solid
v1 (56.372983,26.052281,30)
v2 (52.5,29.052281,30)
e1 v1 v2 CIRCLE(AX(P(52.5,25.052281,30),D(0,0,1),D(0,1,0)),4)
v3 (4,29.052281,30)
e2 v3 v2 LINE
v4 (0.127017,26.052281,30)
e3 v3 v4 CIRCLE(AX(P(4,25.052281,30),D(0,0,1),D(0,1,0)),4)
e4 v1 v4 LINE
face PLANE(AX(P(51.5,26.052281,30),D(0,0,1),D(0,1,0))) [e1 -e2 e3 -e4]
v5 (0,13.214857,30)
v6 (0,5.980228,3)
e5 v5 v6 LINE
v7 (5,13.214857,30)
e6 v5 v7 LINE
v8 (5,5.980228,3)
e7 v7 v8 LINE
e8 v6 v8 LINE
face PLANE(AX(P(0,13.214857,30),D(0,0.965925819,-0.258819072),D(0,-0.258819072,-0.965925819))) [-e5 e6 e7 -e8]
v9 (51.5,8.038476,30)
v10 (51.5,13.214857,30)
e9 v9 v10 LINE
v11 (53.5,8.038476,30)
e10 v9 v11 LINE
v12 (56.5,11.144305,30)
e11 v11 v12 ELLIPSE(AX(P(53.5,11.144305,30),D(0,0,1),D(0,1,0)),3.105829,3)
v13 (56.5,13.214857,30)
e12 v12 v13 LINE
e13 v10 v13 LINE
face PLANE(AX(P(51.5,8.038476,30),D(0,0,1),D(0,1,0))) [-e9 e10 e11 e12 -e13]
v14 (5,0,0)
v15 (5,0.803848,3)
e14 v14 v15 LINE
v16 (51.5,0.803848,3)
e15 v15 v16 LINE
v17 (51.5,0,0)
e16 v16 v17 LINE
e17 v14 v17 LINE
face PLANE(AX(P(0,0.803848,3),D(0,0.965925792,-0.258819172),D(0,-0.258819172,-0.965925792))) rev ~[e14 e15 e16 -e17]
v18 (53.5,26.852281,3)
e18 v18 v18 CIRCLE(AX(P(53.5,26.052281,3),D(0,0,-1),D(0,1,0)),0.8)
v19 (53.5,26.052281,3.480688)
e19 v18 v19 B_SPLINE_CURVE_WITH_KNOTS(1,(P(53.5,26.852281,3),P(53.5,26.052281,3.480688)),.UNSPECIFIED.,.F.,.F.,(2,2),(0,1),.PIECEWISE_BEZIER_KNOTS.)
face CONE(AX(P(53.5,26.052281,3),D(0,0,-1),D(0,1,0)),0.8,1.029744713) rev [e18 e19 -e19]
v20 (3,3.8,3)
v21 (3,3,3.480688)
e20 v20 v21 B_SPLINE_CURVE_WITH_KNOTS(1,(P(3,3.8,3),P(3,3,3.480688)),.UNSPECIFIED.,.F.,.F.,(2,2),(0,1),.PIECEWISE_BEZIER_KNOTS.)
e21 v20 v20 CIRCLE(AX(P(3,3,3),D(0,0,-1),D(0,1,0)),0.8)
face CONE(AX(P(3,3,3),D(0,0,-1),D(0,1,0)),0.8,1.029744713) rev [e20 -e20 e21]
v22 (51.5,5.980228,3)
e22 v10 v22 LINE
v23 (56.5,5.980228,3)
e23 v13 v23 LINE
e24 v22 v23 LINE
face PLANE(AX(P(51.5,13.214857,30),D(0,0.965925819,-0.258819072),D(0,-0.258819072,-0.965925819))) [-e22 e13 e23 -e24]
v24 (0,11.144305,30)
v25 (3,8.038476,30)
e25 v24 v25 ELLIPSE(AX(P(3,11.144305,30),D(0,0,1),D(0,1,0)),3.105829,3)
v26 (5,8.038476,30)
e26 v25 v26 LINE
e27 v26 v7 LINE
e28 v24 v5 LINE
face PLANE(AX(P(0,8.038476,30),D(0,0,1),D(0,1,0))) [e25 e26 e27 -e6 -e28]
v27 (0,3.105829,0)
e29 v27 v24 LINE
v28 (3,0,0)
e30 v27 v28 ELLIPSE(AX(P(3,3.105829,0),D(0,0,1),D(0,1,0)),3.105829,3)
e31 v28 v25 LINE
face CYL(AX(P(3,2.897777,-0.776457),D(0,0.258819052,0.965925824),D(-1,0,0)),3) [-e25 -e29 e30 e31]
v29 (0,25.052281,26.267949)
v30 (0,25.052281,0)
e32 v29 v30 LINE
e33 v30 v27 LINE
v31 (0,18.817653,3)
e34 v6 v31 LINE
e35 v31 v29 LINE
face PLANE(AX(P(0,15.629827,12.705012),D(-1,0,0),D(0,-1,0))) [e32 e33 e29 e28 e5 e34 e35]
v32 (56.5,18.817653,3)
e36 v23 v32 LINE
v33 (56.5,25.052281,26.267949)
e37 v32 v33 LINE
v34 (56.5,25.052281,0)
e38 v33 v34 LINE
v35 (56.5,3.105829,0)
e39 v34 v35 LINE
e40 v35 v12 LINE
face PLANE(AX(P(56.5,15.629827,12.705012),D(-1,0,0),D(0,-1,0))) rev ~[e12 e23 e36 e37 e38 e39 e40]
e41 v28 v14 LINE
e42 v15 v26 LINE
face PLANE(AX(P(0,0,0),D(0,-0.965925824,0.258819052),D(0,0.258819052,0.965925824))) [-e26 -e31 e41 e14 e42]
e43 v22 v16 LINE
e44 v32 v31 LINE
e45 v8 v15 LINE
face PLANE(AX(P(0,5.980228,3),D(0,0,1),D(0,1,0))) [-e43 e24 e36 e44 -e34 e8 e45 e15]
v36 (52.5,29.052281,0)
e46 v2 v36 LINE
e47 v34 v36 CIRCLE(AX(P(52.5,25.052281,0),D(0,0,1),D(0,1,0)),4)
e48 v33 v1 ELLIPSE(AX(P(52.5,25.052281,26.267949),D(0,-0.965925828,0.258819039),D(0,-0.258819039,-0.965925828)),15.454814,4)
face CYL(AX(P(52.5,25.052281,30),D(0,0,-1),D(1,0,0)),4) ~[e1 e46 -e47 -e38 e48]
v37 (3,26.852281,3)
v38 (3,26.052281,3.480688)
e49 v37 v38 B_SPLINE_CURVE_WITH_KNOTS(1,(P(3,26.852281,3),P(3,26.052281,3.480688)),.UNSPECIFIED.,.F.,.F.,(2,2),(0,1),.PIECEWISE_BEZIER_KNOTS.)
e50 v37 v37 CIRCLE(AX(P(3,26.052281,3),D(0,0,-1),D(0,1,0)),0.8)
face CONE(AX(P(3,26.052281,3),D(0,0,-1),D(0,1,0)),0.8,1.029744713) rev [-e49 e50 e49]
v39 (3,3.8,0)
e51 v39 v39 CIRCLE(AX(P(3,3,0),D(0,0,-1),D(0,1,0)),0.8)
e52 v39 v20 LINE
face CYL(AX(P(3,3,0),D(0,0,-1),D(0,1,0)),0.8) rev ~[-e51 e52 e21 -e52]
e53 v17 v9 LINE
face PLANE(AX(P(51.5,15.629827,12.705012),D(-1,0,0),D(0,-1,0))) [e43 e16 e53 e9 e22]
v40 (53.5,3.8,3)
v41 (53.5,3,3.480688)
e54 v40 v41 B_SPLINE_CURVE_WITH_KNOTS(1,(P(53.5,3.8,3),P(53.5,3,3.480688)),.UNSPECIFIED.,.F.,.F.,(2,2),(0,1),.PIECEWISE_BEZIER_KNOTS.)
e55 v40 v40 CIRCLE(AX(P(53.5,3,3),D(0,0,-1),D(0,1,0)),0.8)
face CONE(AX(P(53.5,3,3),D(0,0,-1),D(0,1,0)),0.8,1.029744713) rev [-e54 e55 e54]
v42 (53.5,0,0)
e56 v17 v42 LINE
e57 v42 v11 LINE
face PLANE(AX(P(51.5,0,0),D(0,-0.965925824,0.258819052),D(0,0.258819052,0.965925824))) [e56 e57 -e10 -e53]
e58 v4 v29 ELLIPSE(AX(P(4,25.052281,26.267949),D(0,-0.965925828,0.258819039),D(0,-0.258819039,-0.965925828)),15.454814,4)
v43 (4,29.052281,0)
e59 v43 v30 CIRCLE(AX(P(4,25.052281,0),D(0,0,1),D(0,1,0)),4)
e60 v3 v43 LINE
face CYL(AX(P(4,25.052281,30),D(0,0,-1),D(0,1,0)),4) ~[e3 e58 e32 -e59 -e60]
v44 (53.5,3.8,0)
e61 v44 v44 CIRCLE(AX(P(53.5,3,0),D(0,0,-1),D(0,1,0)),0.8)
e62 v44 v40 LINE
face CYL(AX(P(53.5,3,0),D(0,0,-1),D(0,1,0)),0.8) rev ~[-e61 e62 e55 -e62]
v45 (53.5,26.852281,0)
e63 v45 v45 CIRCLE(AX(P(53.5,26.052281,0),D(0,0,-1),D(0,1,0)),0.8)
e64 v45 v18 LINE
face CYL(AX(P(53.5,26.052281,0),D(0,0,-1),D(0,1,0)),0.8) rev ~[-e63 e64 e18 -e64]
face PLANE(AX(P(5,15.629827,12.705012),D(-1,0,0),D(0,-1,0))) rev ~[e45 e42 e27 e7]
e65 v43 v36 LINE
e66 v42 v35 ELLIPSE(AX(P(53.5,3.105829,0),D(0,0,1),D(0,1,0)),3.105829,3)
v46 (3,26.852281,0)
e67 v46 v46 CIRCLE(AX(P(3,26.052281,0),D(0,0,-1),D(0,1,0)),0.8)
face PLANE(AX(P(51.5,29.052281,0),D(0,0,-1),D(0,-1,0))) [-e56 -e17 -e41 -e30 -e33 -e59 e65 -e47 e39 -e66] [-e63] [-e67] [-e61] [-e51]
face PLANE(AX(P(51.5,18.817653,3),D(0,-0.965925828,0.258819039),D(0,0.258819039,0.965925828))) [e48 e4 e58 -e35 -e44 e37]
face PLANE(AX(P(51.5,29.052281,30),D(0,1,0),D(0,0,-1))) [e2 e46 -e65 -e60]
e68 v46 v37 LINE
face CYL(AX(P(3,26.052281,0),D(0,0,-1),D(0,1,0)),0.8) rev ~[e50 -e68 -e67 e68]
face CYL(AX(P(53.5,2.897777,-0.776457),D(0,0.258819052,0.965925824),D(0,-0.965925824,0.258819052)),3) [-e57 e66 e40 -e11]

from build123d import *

# Parameters (mm, degrees)
PAD_DEPTH    = 5
PAD001_DEPTH = 51.5
PAD002_DEPTH = 5
FILLET_R     = 3
FILLET001_R  = 4
SKETCH003_R  = 0.8
HOLE_DEPTH   = 3
HOLE_TIPS_R  = 0.8


with BuildPart() as part:
    # Sketch → Pad (new body)
    with BuildSketch(Plane.YZ):
        Polygon((0, 0), (8.038476, 30), (13.214857, 30), (5.980228, 3), (18.817653, 3), (26.052281, 30), (29.052281, 30), (29.052281, 0), align=None)
    extrude(amount=PAD_DEPTH)

    # Sketch001 → Pad001 (join)
    with BuildSketch(Plane.YZ):
        Polygon((0, 0), (29.052281, 0), (29.052281, 30), (26.052281, 30), (18.817653, 3), (0.803848, 3), align=None)
    extrude(amount=PAD001_DEPTH)

    # Sketch002 (on Face14 of Pad001) → Pad002 (join)
    with BuildSketch(Plane.YZ.offset(51.5)):
        Polygon((0, 0), (8.038476, 30), (13.214857, 30), (5.980228, 3), (18.817653, 3), (26.052281, 30), (29.052281, 30), (29.052281, 0), align=None)
    extrude(amount=PAD002_DEPTH)

    # Fillet
    fillet_edges = [part.edges().sort_by_distance(p)[0] for p in [
        (0, 4.421162, 16.5),
        (0, 0.401924, 1.5),
        (56.5, 4.019238, 15),
    ]]
    fillet(fillet_edges, radius=FILLET_R)

    # Fillet001
    fillet001_edges = [part.edges().sort_by_distance(p)[0] for p in [
        (0, 29.052281, 15),
        (56.5, 29.052281, 15),
    ]]
    fillet(fillet001_edges, radius=FILLET001_R)

    # Sketch003 (on Face13 of Pad002) → Hole (cut)
    with BuildSketch(Plane.YX):
        with Locations((3, 53.5)):
            Circle(SKETCH003_R)
        with Locations((26.052281, 53.5)):
            Circle(SKETCH003_R)
        with Locations((3, 3)):
            Circle(SKETCH003_R)
        with Locations((26.052281, 3)):
            Circle(SKETCH003_R)
    extrude(amount=-HOLE_DEPTH, mode=Mode.SUBTRACT)

    # Hole tips → Hole tip 1 section 0
    with BuildSketch(Plane.YX.offset(-3), mode=Mode.PRIVATE) as hole_tip_1_s0:
        with Locations((3, 53.5)):
            Circle(HOLE_TIPS_R)
    loft([hole_tip_1_s0.sketch, Vertex(53.5, 3, 3.480688)], mode=Mode.SUBTRACT)

    # Hole tips → Hole tip 2 section 0
    with BuildSketch(Plane.YX.offset(-3), mode=Mode.PRIVATE) as hole_tip_2_s0:
        with Locations((26.052281, 53.5)):
            Circle(HOLE_TIPS_R)
    loft([hole_tip_2_s0.sketch, Vertex(53.5, 26.052281, 3.480688)], mode=Mode.SUBTRACT)

    # Hole tips → Hole tip 3 section 0
    with BuildSketch(Plane.YX.offset(-3), mode=Mode.PRIVATE) as hole_tip_3_s0:
        with Locations((3, 3)):
            Circle(HOLE_TIPS_R)
    loft([hole_tip_3_s0.sketch, Vertex(3, 3, 3.480688)], mode=Mode.SUBTRACT)

    # Hole tips → Hole tip 4 section 0
    with BuildSketch(Plane.YX.offset(-3), mode=Mode.PRIVATE) as hole_tip_4_s0:
        with Locations((26.052281, 3)):
            Circle(HOLE_TIPS_R)
    loft([hole_tip_4_s0.sketch, Vertex(3, 26.052281, 3.480688)], mode=Mode.SUBTRACT)


solid = part.part
